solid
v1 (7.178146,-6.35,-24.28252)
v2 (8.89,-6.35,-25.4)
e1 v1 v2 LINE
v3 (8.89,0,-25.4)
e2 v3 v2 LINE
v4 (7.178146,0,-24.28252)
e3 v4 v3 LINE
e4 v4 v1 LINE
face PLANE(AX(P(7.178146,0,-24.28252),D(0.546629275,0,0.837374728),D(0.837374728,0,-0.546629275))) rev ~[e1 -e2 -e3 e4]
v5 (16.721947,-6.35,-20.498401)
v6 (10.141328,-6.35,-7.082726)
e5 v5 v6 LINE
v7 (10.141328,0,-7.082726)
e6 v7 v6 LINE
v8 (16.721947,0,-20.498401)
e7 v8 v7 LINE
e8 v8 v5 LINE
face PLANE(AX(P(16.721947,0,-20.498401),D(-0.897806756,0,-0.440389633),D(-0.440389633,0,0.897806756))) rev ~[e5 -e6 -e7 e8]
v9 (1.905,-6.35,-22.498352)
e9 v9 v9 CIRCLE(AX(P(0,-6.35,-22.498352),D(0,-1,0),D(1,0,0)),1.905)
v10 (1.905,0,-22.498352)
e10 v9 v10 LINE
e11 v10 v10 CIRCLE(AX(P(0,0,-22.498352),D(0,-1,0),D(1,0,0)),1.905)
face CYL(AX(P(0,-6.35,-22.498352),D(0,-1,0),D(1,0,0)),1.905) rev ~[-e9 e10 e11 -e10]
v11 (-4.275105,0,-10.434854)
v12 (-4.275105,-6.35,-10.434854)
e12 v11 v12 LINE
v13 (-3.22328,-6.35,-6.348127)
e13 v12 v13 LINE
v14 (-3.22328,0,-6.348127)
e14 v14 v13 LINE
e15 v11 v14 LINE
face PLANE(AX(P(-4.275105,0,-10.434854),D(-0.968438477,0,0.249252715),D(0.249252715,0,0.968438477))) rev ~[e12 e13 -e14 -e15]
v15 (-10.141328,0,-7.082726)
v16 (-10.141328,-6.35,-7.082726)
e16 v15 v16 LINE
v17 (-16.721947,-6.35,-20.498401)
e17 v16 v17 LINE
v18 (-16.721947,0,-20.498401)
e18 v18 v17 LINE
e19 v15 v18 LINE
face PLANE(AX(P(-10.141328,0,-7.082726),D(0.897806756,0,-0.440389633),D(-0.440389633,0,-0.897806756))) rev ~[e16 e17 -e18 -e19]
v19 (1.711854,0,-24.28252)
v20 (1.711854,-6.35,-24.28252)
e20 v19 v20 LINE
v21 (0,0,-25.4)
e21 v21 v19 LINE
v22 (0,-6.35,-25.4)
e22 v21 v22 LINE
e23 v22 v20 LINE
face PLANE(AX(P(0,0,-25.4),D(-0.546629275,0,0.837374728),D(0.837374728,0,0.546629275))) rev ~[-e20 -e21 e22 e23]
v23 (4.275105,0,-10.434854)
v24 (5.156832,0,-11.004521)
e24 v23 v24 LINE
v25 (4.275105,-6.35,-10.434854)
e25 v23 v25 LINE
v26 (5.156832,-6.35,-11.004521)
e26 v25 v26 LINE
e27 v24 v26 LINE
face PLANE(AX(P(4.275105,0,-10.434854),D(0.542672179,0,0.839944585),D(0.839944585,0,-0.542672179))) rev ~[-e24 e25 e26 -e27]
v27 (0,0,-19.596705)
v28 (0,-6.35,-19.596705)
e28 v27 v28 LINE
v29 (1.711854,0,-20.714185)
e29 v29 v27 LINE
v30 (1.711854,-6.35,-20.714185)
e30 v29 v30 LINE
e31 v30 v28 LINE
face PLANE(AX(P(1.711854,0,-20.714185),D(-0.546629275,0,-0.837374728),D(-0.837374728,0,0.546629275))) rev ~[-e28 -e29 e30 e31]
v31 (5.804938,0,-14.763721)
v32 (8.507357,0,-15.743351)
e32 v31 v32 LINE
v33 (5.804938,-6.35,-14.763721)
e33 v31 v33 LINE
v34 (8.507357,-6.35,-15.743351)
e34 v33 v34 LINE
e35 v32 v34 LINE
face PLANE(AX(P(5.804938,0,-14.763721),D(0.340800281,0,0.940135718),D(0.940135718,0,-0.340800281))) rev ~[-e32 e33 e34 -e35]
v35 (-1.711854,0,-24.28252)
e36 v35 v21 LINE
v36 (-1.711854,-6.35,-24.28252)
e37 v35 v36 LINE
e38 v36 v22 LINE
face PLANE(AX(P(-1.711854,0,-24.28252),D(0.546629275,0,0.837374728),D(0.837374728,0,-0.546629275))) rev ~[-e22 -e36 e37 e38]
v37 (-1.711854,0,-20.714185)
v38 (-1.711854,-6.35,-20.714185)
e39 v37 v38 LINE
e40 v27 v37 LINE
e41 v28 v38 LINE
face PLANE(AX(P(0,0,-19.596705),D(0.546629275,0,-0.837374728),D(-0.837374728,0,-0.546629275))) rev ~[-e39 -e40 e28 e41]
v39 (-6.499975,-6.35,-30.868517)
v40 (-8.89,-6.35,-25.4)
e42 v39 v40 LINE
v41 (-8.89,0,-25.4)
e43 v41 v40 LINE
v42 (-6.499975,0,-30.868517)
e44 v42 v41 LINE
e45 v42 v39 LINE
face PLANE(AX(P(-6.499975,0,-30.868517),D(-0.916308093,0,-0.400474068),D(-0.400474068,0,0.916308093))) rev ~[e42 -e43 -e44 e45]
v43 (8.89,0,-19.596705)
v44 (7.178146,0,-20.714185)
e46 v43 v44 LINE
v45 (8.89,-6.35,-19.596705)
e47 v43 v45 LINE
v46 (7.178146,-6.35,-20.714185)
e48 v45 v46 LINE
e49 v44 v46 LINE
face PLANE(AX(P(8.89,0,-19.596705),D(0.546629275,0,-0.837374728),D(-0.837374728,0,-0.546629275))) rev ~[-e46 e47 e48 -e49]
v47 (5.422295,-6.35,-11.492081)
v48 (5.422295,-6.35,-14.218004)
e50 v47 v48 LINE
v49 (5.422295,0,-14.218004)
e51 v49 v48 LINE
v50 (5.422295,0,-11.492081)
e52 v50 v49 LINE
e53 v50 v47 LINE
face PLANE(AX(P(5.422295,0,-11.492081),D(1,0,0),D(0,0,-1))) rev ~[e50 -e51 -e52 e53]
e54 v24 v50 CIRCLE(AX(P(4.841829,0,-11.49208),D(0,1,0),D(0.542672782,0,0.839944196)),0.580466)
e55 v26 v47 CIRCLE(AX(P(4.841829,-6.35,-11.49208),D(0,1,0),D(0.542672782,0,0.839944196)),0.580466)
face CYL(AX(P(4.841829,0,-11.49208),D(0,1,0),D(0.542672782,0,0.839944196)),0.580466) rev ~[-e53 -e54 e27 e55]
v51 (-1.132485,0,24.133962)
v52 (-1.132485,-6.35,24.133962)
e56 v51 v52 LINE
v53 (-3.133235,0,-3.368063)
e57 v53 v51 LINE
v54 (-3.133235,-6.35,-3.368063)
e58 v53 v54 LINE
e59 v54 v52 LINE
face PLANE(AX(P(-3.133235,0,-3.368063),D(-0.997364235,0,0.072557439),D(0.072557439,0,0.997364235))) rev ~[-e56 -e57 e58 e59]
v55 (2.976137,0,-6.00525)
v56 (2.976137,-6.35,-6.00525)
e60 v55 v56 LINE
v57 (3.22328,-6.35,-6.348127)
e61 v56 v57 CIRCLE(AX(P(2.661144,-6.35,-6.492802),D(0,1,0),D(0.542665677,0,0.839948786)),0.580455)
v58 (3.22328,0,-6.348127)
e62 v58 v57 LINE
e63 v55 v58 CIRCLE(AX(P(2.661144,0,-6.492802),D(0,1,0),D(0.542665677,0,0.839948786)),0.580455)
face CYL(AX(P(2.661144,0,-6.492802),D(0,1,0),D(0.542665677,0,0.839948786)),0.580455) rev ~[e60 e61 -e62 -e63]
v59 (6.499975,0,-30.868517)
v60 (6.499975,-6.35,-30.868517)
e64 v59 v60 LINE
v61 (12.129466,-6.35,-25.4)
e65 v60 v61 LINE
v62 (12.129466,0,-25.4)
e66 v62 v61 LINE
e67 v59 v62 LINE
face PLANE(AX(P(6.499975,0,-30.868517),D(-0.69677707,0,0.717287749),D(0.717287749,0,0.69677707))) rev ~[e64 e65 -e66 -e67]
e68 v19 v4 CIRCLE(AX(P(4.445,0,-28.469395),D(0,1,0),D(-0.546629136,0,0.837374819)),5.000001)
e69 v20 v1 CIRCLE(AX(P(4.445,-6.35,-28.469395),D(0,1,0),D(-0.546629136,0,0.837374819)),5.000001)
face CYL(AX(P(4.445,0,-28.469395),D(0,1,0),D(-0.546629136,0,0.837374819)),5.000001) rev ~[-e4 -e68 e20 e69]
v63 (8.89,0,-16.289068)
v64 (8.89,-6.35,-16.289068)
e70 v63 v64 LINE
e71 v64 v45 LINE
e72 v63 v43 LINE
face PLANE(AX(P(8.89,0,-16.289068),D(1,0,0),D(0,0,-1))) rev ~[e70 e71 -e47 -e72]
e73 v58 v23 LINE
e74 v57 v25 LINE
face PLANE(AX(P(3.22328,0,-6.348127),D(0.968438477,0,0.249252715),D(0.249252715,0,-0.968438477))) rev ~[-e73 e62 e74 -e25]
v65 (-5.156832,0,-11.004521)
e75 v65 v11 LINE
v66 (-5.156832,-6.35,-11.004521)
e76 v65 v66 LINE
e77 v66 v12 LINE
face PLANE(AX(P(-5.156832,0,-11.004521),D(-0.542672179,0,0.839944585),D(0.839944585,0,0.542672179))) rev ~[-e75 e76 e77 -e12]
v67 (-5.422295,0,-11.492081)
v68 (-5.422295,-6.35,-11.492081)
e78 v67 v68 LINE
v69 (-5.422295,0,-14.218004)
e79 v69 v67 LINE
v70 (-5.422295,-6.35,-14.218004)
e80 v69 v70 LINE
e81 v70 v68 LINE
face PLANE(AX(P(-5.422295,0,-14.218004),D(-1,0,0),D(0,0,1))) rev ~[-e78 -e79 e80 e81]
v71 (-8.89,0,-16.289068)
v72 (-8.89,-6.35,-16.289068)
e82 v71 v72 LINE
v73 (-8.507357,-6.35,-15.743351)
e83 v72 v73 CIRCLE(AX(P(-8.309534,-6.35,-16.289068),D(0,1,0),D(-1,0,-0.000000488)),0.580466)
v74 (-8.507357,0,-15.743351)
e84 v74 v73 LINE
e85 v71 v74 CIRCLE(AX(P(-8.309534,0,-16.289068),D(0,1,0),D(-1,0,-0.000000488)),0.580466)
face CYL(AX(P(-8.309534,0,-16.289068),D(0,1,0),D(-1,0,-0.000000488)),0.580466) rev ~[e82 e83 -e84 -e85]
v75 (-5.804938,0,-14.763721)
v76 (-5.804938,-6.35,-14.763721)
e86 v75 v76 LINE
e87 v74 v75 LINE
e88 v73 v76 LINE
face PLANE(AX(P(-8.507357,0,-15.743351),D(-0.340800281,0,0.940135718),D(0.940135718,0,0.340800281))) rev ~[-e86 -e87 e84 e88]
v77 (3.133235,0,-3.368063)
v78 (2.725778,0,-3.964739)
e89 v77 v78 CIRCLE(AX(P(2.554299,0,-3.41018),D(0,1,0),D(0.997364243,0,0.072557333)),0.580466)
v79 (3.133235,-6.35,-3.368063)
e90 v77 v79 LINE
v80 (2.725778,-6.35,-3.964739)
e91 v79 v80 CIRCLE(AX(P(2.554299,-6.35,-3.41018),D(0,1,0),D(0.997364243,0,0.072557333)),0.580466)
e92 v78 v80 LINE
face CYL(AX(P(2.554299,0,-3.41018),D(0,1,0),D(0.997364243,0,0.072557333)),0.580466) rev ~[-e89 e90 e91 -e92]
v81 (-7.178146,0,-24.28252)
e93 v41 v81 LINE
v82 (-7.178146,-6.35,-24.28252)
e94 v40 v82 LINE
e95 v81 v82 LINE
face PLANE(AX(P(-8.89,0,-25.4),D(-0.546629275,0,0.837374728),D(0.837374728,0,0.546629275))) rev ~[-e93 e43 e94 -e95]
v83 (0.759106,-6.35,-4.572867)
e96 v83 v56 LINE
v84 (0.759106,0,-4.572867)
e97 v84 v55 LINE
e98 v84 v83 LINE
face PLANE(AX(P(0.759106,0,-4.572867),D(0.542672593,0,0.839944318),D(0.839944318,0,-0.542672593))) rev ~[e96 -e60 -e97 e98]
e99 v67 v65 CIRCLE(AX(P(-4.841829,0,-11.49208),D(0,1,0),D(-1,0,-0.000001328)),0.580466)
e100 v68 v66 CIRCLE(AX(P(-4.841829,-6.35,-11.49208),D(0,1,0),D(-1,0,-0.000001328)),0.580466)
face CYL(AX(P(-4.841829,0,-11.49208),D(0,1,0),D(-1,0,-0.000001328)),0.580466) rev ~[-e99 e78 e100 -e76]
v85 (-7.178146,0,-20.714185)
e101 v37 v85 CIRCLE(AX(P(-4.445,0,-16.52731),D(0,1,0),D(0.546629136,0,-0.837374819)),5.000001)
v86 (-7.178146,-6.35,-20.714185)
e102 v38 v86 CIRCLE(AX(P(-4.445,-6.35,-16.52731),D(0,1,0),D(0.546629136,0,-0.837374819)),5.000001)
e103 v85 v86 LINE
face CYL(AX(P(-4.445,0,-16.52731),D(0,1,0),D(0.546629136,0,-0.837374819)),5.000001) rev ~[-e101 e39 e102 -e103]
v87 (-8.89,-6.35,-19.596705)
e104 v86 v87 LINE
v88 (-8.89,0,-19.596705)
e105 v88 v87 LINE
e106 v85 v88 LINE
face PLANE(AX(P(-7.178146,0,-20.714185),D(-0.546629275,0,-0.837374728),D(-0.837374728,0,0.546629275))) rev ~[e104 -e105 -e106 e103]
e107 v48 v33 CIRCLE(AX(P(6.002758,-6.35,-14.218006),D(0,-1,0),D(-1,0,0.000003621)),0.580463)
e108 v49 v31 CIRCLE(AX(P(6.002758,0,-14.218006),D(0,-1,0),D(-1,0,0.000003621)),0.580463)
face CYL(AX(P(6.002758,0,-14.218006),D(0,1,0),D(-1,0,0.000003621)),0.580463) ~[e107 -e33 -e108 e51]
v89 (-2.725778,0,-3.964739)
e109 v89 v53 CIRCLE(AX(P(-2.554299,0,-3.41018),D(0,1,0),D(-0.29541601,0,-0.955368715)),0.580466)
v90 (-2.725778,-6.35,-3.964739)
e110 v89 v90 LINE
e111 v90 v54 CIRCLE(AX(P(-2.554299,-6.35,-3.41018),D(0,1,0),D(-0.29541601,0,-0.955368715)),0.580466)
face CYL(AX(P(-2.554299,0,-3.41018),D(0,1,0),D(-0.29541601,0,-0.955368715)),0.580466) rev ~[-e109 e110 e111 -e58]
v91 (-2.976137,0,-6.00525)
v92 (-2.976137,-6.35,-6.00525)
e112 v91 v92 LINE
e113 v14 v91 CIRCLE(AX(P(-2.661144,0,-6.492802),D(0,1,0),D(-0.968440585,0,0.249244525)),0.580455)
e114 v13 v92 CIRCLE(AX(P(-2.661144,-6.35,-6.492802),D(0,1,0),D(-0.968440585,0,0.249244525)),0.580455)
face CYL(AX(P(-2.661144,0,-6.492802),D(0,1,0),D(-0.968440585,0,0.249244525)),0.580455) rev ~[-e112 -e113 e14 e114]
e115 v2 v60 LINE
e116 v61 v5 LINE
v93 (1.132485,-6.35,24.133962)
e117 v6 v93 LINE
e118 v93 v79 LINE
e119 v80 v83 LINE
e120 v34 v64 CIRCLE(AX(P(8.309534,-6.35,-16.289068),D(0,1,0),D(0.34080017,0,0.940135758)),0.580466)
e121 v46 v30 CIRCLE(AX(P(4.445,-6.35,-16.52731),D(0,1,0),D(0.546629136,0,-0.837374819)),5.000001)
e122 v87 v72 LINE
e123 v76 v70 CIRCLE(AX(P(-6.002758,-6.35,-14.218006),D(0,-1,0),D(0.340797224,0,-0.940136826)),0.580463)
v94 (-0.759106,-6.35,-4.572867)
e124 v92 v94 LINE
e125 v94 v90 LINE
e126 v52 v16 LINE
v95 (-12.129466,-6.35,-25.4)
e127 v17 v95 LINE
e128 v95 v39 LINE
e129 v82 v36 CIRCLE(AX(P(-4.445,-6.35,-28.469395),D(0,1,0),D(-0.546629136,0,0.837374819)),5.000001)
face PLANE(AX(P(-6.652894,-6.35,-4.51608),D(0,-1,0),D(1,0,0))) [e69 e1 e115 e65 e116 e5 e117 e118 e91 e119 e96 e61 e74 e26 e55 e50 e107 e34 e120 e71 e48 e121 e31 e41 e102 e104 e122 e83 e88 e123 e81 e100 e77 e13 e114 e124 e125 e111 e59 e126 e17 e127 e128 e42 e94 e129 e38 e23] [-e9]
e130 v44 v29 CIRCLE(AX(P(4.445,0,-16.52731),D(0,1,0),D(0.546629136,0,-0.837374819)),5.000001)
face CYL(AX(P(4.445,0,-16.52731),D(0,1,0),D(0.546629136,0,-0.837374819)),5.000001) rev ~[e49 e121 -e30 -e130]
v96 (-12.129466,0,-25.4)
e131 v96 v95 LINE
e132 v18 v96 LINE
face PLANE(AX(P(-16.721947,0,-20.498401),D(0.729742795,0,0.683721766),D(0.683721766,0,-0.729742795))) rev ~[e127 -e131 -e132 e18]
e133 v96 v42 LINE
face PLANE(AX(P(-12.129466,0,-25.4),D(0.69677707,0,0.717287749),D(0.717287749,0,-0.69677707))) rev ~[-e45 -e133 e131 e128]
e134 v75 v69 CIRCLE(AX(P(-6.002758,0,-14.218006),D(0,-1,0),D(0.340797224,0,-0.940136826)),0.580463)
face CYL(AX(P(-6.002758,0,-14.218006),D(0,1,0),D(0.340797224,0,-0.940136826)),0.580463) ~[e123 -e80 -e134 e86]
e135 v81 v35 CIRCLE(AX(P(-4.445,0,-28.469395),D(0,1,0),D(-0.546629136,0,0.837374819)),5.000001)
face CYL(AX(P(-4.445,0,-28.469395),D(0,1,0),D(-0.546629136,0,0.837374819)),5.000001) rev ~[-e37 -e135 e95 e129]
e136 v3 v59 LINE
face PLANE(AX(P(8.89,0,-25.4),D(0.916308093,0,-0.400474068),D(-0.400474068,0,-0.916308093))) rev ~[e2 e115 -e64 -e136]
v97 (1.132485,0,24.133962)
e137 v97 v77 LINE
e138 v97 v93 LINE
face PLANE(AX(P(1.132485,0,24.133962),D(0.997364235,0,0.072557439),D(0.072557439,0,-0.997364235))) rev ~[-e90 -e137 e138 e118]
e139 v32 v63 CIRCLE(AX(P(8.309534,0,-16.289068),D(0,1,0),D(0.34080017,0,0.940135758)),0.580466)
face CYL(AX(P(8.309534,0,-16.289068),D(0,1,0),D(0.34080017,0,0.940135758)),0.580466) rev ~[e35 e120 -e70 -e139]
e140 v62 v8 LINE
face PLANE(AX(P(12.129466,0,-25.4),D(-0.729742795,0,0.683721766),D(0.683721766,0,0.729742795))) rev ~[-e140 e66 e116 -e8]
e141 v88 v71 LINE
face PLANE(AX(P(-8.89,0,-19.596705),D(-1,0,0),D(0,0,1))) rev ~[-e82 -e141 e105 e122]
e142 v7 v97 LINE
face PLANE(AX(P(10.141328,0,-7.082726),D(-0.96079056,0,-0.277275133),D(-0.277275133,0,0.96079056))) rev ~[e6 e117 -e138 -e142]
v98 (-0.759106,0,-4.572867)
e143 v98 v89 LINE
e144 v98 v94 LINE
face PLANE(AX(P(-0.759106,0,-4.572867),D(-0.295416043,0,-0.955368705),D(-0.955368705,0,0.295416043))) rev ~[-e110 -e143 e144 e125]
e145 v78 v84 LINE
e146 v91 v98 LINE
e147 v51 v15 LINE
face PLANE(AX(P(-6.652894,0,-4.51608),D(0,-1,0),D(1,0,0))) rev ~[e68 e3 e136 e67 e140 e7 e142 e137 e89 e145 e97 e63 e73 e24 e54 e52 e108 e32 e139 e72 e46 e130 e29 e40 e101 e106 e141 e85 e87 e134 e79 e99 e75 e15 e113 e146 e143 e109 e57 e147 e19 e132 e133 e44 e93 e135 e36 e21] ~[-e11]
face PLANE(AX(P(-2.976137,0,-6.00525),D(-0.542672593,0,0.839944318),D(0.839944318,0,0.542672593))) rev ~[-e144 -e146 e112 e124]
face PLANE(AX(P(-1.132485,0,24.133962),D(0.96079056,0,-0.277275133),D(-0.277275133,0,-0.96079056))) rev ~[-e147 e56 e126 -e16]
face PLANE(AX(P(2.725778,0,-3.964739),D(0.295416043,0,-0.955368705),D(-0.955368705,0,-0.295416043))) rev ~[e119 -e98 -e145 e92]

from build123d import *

# Parameters (mm, degrees)
F1_DEPTH = 6.35
F2_R     = 1.905
F3_DEPTH = 25


with BuildPart() as f1:
    # F0 (on Front) → F1 (new body)
    with BuildSketch(Plane.XZ):
        with BuildLine():
            Line((-6.499975, -30.868517), (-8.89, -25.4))
            Line((-8.89, -25.4), (-8.89, -22.498352))
            Line((-8.89, -22.498352), (-8.89, -19.596705))
            Line((-8.89, -19.596705), (-8.89, -16.289068))
            ThreePointArc((-8.89, -16.289068), (-8.784808, -15.955818), (-8.507357, -15.743351))
            Line((-8.507357, -15.743351), (-5.804938, -14.763721))
            ThreePointArc((-5.804938, -14.763721), (-5.527487, -14.551255), (-5.422295, -14.218004))
            Line((-5.422295, -14.218004), (-5.422295, -11.492081))
            ThreePointArc((-5.422295, -11.492081), (-5.351628, -11.214509), (-5.156832, -11.004521))
            Line((-5.156832, -11.004521), (-4.275105, -10.434854))
            Line((-4.275105, -10.434854), (-3.22328, -6.348127))
            ThreePointArc((-3.22328, -6.348127), (-3.132026, -6.153394), (-2.976137, -6.00525))
            Line((-2.976137, -6.00525), (-0.759106, -4.572867))
            Line((-0.759106, -4.572867), (-2.725778, -3.964739))
            ThreePointArc((-2.725778, -3.964739), (-3.033659, -3.737525), (-3.133235, -3.368063))
            Line((-3.133235, -3.368063), (-1.132485, 24.133962))
            Line((-1.132485, 24.133962), (-10.141328, -7.082726))
            Line((-10.141328, -7.082726), (-16.721947, -20.498401))
            Line((-16.721947, -20.498401), (-12.129466, -25.4))
            Line((-12.129466, -25.4), (-6.499975, -30.868517))
        make_face()
        with BuildLine():
            Line((8.89, -22.498352), (8.89, -25.4))
            Line((8.89, -25.4), (6.499975, -30.868517))
            Line((6.499975, -30.868517), (12.129466, -25.4))
            Line((12.129466, -25.4), (16.721947, -20.498401))
            Line((16.721947, -20.498401), (10.141328, -7.082726))
            Line((10.141328, -7.082726), (1.132485, 24.133962))
            Line((1.132485, 24.133962), (3.133235, -3.368063))
            ThreePointArc((3.133235, -3.368063), (3.033659, -3.737525), (2.725778, -3.964739))
            Line((2.725778, -3.964739), (0.759106, -4.572867))
            Line((0.759106, -4.572867), (2.976137, -6.00525))
            ThreePointArc((2.976137, -6.00525), (3.132026, -6.153394), (3.22328, -6.348127))
            Line((3.22328, -6.348127), (4.275105, -10.434854))
            Line((4.275105, -10.434854), (5.156832, -11.004521))
            ThreePointArc((5.156832, -11.004521), (5.351628, -11.214509), (5.422295, -11.492081))
            Line((5.422295, -11.492081), (5.422295, -14.218004))
            ThreePointArc((5.422295, -14.218004), (5.527487, -14.551255), (5.804938, -14.763721))
            Line((5.804938, -14.763721), (8.507357, -15.743351))
            ThreePointArc((8.507357, -15.743351), (8.784808, -15.955818), (8.89, -16.289068))
            Line((8.89, -16.289068), (8.89, -19.596705))
            Line((8.89, -19.596705), (8.89, -22.498352))
        make_face()
        with BuildLine():
            Line((-1.711854, -24.28252), (0, -25.4))
            Line((0, -25.4), (1.711854, -24.28252))
            ThreePointArc((1.711854, -24.28252), (4.445, -23.469394), (7.178146, -24.28252))
            Line((7.178146, -24.28252), (8.89, -25.4))
            Line((8.89, -25.4), (8.89, -22.498352))
            Line((8.89, -22.498352), (8.89, -19.596705))
            Line((8.89, -19.596705), (7.178146, -20.714185))
            ThreePointArc((7.178146, -20.714185), (4.445, -21.527311), (1.711854, -20.714185))
            Line((1.711854, -20.714185), (0, -19.596705))
            Line((0, -19.596705), (-1.711854, -20.714185))
            ThreePointArc((-1.711854, -20.714185), (-4.445, -21.527311), (-7.178146, -20.714185))
            Line((-7.178146, -20.714185), (-8.89, -19.596705))
            Line((-8.89, -19.596705), (-8.89, -22.498352))
            Line((-8.89, -22.498352), (-8.89, -25.4))
            Line((-8.89, -25.4), (-7.178146, -24.28252))
            ThreePointArc((-7.178146, -24.28252), (-4.445, -23.469394), (-1.711854, -24.28252))
        make_face()
    extrude(amount=F1_DEPTH)

    # F2 (on face) → F3 (cut)
    with BuildSketch(Plane.XZ.offset(6.35)):
        with Locations((0, -22.498352)):
            Circle(F2_R)
    extrude(amount=-F3_DEPTH, mode=Mode.SUBTRACT)


solid = f1.part
